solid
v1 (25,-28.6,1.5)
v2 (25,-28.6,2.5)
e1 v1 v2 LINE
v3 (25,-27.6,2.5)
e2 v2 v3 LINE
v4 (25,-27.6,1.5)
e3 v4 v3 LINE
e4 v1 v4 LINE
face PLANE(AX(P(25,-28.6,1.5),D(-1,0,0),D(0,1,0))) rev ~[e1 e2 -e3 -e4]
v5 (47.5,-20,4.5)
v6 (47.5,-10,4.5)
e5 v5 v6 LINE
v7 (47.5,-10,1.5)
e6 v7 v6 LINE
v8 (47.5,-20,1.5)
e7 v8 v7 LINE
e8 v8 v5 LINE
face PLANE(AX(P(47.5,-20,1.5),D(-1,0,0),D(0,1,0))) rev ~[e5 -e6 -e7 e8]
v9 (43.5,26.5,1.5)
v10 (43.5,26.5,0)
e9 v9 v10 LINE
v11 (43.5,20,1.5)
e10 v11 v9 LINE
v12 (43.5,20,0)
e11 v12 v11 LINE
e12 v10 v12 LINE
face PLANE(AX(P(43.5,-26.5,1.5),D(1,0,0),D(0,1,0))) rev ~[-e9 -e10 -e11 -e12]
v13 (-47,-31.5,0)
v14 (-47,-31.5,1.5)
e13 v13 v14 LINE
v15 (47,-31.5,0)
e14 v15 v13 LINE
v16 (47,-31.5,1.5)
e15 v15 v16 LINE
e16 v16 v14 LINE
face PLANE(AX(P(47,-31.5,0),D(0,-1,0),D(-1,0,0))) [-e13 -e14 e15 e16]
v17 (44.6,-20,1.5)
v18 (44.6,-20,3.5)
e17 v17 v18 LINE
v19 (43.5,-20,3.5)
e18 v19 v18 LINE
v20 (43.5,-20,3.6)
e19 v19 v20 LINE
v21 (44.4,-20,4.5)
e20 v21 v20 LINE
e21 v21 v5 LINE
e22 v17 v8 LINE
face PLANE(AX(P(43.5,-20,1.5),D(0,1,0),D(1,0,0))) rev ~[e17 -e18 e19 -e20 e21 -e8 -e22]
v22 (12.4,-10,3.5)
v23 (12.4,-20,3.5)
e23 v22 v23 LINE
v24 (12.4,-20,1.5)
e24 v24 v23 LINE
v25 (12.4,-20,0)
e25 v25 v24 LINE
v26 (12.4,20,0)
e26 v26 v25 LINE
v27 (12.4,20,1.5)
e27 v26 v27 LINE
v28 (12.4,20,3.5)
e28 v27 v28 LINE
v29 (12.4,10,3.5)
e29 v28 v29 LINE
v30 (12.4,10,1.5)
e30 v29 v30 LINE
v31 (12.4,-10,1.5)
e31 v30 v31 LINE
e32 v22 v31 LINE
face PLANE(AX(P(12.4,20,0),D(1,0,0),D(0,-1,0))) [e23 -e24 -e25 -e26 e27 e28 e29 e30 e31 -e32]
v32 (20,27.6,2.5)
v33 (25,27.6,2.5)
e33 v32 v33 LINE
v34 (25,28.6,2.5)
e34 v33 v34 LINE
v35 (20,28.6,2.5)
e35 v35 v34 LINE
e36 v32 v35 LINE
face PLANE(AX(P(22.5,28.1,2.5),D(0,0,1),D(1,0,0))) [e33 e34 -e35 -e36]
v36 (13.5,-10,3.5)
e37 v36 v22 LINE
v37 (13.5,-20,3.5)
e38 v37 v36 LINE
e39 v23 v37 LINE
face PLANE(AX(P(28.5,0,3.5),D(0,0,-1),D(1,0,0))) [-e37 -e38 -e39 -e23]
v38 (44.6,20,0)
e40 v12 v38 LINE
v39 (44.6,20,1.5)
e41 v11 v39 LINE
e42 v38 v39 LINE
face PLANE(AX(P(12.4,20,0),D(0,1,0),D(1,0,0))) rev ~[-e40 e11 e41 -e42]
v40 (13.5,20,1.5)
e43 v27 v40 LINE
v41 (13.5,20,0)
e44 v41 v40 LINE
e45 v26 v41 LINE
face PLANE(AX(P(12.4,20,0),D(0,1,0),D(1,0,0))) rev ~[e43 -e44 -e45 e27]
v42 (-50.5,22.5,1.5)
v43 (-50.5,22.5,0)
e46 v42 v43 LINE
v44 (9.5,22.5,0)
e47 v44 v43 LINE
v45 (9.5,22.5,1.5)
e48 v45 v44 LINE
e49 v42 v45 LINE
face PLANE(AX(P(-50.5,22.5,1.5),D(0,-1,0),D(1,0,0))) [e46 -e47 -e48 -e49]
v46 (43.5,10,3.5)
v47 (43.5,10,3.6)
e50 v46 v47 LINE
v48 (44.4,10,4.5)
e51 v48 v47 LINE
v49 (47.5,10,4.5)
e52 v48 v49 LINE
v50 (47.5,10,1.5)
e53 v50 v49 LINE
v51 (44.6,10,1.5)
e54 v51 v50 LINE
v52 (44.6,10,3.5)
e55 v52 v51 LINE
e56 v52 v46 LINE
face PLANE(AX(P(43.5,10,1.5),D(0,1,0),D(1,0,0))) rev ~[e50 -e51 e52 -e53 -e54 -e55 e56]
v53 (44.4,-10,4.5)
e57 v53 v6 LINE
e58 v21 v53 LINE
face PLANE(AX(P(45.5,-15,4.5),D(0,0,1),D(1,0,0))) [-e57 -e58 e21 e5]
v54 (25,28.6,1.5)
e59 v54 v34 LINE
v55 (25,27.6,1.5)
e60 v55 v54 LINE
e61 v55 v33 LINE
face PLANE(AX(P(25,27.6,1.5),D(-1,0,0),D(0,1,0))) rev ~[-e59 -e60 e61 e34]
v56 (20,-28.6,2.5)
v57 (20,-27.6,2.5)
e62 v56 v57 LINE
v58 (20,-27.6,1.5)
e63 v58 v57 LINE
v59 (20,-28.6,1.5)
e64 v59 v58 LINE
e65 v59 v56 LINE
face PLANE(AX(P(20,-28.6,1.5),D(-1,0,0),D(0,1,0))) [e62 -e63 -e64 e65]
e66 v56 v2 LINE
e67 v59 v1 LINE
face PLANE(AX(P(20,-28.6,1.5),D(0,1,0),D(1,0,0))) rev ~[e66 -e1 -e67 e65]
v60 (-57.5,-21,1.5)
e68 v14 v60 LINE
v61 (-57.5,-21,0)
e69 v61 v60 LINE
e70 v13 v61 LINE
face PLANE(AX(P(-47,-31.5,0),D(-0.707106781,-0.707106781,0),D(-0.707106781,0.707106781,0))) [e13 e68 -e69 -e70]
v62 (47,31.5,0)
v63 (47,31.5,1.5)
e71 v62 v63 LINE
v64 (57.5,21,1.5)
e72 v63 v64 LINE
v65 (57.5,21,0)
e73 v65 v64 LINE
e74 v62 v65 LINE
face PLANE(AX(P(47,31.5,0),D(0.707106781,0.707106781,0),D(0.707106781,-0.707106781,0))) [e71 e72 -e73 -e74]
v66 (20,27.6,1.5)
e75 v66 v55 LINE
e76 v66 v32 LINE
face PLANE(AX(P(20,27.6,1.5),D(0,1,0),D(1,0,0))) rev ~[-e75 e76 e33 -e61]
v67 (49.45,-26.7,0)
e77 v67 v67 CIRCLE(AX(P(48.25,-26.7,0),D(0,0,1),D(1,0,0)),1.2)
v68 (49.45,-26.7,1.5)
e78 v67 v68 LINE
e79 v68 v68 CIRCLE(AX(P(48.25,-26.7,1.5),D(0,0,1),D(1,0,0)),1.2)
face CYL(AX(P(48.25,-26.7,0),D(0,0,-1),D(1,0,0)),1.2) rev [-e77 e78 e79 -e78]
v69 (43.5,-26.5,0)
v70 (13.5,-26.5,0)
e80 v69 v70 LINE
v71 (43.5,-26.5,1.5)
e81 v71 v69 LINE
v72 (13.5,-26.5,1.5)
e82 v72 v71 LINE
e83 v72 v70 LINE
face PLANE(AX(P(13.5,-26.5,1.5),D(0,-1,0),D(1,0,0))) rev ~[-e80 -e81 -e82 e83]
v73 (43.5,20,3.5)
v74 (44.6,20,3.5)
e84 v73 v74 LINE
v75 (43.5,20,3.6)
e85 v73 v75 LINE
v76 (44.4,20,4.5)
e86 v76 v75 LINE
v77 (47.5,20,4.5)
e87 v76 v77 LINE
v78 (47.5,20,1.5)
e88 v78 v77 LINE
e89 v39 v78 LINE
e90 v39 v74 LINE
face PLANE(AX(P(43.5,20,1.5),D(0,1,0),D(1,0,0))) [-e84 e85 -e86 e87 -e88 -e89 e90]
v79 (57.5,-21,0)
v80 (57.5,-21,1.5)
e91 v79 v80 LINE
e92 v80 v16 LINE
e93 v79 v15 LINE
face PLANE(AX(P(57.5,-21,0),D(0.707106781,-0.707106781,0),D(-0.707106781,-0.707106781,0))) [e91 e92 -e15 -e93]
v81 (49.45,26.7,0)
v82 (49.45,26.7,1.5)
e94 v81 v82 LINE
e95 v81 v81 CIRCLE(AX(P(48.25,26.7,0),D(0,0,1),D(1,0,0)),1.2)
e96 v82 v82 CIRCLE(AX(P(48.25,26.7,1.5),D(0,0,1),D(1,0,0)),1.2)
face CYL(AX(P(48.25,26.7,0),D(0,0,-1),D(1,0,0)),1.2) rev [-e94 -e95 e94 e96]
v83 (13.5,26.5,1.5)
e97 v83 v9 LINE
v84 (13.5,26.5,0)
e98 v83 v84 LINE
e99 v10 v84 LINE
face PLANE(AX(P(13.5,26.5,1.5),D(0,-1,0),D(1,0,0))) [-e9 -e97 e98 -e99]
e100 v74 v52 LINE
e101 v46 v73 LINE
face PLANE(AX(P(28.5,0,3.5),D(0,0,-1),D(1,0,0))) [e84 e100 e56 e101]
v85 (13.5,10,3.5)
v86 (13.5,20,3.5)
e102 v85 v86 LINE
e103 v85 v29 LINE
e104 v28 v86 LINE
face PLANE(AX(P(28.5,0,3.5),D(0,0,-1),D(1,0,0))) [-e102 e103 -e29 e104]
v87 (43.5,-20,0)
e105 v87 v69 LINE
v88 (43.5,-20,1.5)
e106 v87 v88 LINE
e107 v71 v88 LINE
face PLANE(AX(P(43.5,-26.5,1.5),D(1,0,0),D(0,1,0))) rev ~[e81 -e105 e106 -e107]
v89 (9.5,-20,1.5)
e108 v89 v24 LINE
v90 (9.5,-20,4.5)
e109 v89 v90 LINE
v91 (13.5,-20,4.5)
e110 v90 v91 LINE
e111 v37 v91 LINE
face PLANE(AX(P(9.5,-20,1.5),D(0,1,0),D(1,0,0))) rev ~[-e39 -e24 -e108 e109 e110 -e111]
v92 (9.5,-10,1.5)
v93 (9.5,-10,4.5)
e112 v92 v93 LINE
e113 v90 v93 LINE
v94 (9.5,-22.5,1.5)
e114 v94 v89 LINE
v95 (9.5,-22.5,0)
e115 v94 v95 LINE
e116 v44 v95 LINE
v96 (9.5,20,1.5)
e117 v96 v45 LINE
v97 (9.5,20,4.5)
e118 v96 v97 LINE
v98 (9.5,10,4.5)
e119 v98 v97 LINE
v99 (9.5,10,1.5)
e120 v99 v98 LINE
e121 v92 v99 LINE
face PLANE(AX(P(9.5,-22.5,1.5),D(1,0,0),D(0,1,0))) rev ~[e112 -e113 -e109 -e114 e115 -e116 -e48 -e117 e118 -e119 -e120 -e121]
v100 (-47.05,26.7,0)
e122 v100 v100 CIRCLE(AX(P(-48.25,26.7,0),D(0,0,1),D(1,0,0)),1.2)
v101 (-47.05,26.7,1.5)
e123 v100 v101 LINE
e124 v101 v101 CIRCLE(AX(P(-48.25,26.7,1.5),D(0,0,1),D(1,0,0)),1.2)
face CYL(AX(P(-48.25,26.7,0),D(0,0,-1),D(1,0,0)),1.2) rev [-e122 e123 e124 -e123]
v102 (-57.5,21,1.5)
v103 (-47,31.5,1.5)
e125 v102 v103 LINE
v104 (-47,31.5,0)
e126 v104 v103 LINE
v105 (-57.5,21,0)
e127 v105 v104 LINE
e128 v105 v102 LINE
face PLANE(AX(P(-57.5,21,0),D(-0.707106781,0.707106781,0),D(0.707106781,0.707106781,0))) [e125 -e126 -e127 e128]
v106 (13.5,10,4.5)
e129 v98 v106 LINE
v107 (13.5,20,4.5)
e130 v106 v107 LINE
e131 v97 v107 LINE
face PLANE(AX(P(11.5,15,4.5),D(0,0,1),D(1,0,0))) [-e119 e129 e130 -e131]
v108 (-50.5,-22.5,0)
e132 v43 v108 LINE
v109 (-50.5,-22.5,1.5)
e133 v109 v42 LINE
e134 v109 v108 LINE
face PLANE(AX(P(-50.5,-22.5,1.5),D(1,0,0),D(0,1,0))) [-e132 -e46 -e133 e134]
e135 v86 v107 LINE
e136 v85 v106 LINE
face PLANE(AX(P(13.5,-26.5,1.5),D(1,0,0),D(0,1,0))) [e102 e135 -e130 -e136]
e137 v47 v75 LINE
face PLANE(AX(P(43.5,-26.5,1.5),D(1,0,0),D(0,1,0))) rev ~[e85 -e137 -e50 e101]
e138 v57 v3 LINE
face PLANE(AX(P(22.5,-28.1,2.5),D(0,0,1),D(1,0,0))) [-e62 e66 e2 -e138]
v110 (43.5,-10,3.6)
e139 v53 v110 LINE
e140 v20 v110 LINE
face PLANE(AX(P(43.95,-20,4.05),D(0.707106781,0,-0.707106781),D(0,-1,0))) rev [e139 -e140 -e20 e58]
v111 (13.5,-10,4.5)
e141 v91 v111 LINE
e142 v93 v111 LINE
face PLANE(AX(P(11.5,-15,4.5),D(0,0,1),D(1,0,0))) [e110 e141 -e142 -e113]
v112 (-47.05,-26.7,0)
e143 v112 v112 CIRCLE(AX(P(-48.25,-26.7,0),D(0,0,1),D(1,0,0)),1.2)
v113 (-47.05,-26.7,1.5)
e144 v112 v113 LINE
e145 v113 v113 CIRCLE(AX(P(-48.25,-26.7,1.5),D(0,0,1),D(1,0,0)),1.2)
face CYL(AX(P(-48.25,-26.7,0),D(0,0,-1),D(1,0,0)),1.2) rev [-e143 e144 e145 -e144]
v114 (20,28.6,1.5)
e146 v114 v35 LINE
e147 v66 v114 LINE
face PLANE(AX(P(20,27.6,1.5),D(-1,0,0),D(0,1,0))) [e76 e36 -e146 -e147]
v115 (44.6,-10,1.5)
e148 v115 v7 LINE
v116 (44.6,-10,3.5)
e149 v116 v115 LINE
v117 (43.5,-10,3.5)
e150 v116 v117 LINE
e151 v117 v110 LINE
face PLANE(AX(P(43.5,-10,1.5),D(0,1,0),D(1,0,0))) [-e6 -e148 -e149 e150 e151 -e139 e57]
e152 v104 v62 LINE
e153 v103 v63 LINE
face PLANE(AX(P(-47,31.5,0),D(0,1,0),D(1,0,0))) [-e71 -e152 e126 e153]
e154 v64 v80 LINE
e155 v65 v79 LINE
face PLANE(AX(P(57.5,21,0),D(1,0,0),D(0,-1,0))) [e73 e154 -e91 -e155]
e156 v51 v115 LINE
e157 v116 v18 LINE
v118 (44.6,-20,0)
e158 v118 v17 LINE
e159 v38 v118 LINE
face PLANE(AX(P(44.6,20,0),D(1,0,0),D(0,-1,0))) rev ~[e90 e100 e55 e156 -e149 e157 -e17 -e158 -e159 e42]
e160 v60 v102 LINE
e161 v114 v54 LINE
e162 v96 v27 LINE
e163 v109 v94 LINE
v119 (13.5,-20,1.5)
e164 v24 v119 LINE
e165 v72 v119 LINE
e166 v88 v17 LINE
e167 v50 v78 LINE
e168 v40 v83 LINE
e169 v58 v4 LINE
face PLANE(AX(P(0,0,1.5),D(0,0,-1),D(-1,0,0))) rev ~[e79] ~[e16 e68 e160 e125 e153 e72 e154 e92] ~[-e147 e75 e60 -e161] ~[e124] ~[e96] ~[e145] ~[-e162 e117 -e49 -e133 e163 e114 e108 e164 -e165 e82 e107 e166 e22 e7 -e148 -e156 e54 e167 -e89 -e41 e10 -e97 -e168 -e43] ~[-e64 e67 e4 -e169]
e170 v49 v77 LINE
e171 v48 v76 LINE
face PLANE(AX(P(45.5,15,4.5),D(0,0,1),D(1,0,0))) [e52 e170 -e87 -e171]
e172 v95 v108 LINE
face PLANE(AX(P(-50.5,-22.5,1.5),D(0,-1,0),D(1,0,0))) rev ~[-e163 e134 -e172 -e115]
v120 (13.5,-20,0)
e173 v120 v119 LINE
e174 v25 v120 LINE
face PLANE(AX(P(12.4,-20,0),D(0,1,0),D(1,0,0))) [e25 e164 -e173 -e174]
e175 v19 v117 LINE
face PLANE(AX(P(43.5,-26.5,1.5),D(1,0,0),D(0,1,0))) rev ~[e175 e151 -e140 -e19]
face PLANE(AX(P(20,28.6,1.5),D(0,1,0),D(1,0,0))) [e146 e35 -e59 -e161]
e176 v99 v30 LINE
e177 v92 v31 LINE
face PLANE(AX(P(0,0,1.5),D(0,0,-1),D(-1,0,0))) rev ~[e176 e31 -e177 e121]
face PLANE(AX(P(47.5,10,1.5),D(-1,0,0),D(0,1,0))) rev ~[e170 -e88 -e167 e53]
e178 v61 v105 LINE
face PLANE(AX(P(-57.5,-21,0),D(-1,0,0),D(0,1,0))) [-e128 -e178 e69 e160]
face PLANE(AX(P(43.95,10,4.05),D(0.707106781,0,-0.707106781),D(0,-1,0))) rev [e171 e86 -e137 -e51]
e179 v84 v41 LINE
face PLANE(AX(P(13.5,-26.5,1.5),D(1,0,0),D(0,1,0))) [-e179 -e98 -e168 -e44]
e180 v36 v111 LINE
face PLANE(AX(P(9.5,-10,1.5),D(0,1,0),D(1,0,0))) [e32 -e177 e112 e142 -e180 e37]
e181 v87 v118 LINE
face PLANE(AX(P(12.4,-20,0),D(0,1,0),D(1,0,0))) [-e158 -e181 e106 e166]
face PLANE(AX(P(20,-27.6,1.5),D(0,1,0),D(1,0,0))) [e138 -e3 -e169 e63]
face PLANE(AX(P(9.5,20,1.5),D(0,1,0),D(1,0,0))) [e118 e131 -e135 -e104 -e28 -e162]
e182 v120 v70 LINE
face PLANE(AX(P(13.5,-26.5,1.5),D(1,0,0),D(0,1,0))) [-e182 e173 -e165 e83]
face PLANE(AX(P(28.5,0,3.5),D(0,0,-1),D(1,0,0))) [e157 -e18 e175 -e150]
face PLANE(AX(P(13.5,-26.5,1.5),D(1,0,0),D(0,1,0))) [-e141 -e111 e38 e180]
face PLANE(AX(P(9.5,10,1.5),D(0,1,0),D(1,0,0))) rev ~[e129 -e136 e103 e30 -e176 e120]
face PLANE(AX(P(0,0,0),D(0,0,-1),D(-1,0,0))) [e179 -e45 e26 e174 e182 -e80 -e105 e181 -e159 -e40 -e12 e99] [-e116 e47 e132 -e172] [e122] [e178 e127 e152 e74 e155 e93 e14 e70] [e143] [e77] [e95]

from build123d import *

# Parameters (mm, degrees)
SKETCH_R        = 1.2
PAD_DEPTH       = 1.5
SKETCH001_W     = 60
SKETCH001_H     = 45
SKETCH001_W_2   = 30
SKETCH001_H_2   = 53
POCKET_DEPTH    = 5
SKETCH002_W     = 4
SKETCH002_H     = 10
PAD001_DEPTH    = 3
SKETCH003_W     = 32.2
SKETCH003_H     = 40
POCKET001_DEPTH = 3.5
SKETCH004_W     = 5
SKETCH004_H     = 1
PAD002_DEPTH    = 1
CHAMFER_SIZE    = 0.9


with BuildPart() as pad:
    # Sketch → Pad (new body)
    with BuildSketch(Plane.XY):
        Polygon((-47, 31.5), (47, 31.5), (57.5, 21), (57.5, -21), (47, -31.5), (-47, -31.5), (-57.5, -21), (-57.5, 21), align=None)
        with Locations((-48.25, 26.7)):
            Circle(SKETCH_R, mode=Mode.SUBTRACT)
        with Locations((48.25, 26.7)):
            Circle(SKETCH_R, mode=Mode.SUBTRACT)
        with Locations((-48.25, -26.7)):
            Circle(SKETCH_R, mode=Mode.SUBTRACT)
        with Locations((48.25, -26.7)):
            Circle(SKETCH_R, mode=Mode.SUBTRACT)
    extrude(amount=PAD_DEPTH)


with BuildPart() as pocket:
    # Pocket base: copy of Pad
    add(pad.part)

    # Sketch001 → Pocket (cut)
    with BuildSketch(Plane.XY.offset(1.5)):
        with Locations((-20.5, 0)):
            Rectangle(SKETCH001_W, SKETCH001_H)
        with Locations((28.5, 0)):
            Rectangle(SKETCH001_W_2, SKETCH001_H_2)
    extrude(amount=-POCKET_DEPTH, mode=Mode.SUBTRACT)


with BuildPart() as common:
    # Common base: copy of Pad
    add(pad.part)

    # Common: intersect Pocket
    add(pocket.part, mode=Mode.INTERSECT)


with BuildPart() as fusion:
    # Pad001 base: copy of Common
    add(common.part)

    # Sketch002 → Pad001 (new body)
    with BuildSketch(Plane.XY.offset(1.5)):
        with Locations((11.5, 15)):
            Rectangle(SKETCH002_W, SKETCH002_H)
        with Locations((11.5, -15)):
            Rectangle(SKETCH002_W, SKETCH002_H)
        with Locations((45.5, 15)):
            Rectangle(SKETCH002_W, SKETCH002_H)
        with Locations((45.5, -15)):
            Rectangle(SKETCH002_W, SKETCH002_H)
    extrude(amount=PAD001_DEPTH)

    # Fusion: union Common
    add(common.part)


with BuildPart() as pocket001:
    # Pocket001 base: copy of Fusion
    add(fusion.part)

    # Sketch003 → Pocket001 (cut)
    with BuildSketch(Plane(origin=(0, 0, 0), x_dir=(1, 0, 0), z_dir=(0, 0, -1))):
        with Locations((28.5, 0)):
            Rectangle(SKETCH003_W, SKETCH003_H)
    extrude(amount=-POCKET001_DEPTH, mode=Mode.SUBTRACT)


with BuildPart() as common001:
    # Common001 base: copy of Fusion
    add(fusion.part)

    # Common001: intersect Pocket001
    add(pocket001.part, mode=Mode.INTERSECT)


with BuildPart() as chamfer_body:
    # Pad002 base: copy of Common001
    add(common001.part)

    # Sketch004 → Pad002 (new body)
    with BuildSketch(Plane.XY.offset(1.5)):
        with Locations((22.5, 28.1)):
            Rectangle(SKETCH004_W, SKETCH004_H)
        with Locations((22.5, -28.1)):
            Rectangle(SKETCH004_W, SKETCH004_H)
    extrude(amount=PAD002_DEPTH)

    # Fusion001: union Common001
    add(common001.part)

    # Chamfer
    chamfer_edges = [chamfer_body.edges().sort_by_distance(p)[0] for p in [
        (43.5, -15, 4.5),
        (43.5, 15, 4.5),
    ]]
    chamfer(chamfer_edges, length=CHAMFER_SIZE)


solid = chamfer_body.part
